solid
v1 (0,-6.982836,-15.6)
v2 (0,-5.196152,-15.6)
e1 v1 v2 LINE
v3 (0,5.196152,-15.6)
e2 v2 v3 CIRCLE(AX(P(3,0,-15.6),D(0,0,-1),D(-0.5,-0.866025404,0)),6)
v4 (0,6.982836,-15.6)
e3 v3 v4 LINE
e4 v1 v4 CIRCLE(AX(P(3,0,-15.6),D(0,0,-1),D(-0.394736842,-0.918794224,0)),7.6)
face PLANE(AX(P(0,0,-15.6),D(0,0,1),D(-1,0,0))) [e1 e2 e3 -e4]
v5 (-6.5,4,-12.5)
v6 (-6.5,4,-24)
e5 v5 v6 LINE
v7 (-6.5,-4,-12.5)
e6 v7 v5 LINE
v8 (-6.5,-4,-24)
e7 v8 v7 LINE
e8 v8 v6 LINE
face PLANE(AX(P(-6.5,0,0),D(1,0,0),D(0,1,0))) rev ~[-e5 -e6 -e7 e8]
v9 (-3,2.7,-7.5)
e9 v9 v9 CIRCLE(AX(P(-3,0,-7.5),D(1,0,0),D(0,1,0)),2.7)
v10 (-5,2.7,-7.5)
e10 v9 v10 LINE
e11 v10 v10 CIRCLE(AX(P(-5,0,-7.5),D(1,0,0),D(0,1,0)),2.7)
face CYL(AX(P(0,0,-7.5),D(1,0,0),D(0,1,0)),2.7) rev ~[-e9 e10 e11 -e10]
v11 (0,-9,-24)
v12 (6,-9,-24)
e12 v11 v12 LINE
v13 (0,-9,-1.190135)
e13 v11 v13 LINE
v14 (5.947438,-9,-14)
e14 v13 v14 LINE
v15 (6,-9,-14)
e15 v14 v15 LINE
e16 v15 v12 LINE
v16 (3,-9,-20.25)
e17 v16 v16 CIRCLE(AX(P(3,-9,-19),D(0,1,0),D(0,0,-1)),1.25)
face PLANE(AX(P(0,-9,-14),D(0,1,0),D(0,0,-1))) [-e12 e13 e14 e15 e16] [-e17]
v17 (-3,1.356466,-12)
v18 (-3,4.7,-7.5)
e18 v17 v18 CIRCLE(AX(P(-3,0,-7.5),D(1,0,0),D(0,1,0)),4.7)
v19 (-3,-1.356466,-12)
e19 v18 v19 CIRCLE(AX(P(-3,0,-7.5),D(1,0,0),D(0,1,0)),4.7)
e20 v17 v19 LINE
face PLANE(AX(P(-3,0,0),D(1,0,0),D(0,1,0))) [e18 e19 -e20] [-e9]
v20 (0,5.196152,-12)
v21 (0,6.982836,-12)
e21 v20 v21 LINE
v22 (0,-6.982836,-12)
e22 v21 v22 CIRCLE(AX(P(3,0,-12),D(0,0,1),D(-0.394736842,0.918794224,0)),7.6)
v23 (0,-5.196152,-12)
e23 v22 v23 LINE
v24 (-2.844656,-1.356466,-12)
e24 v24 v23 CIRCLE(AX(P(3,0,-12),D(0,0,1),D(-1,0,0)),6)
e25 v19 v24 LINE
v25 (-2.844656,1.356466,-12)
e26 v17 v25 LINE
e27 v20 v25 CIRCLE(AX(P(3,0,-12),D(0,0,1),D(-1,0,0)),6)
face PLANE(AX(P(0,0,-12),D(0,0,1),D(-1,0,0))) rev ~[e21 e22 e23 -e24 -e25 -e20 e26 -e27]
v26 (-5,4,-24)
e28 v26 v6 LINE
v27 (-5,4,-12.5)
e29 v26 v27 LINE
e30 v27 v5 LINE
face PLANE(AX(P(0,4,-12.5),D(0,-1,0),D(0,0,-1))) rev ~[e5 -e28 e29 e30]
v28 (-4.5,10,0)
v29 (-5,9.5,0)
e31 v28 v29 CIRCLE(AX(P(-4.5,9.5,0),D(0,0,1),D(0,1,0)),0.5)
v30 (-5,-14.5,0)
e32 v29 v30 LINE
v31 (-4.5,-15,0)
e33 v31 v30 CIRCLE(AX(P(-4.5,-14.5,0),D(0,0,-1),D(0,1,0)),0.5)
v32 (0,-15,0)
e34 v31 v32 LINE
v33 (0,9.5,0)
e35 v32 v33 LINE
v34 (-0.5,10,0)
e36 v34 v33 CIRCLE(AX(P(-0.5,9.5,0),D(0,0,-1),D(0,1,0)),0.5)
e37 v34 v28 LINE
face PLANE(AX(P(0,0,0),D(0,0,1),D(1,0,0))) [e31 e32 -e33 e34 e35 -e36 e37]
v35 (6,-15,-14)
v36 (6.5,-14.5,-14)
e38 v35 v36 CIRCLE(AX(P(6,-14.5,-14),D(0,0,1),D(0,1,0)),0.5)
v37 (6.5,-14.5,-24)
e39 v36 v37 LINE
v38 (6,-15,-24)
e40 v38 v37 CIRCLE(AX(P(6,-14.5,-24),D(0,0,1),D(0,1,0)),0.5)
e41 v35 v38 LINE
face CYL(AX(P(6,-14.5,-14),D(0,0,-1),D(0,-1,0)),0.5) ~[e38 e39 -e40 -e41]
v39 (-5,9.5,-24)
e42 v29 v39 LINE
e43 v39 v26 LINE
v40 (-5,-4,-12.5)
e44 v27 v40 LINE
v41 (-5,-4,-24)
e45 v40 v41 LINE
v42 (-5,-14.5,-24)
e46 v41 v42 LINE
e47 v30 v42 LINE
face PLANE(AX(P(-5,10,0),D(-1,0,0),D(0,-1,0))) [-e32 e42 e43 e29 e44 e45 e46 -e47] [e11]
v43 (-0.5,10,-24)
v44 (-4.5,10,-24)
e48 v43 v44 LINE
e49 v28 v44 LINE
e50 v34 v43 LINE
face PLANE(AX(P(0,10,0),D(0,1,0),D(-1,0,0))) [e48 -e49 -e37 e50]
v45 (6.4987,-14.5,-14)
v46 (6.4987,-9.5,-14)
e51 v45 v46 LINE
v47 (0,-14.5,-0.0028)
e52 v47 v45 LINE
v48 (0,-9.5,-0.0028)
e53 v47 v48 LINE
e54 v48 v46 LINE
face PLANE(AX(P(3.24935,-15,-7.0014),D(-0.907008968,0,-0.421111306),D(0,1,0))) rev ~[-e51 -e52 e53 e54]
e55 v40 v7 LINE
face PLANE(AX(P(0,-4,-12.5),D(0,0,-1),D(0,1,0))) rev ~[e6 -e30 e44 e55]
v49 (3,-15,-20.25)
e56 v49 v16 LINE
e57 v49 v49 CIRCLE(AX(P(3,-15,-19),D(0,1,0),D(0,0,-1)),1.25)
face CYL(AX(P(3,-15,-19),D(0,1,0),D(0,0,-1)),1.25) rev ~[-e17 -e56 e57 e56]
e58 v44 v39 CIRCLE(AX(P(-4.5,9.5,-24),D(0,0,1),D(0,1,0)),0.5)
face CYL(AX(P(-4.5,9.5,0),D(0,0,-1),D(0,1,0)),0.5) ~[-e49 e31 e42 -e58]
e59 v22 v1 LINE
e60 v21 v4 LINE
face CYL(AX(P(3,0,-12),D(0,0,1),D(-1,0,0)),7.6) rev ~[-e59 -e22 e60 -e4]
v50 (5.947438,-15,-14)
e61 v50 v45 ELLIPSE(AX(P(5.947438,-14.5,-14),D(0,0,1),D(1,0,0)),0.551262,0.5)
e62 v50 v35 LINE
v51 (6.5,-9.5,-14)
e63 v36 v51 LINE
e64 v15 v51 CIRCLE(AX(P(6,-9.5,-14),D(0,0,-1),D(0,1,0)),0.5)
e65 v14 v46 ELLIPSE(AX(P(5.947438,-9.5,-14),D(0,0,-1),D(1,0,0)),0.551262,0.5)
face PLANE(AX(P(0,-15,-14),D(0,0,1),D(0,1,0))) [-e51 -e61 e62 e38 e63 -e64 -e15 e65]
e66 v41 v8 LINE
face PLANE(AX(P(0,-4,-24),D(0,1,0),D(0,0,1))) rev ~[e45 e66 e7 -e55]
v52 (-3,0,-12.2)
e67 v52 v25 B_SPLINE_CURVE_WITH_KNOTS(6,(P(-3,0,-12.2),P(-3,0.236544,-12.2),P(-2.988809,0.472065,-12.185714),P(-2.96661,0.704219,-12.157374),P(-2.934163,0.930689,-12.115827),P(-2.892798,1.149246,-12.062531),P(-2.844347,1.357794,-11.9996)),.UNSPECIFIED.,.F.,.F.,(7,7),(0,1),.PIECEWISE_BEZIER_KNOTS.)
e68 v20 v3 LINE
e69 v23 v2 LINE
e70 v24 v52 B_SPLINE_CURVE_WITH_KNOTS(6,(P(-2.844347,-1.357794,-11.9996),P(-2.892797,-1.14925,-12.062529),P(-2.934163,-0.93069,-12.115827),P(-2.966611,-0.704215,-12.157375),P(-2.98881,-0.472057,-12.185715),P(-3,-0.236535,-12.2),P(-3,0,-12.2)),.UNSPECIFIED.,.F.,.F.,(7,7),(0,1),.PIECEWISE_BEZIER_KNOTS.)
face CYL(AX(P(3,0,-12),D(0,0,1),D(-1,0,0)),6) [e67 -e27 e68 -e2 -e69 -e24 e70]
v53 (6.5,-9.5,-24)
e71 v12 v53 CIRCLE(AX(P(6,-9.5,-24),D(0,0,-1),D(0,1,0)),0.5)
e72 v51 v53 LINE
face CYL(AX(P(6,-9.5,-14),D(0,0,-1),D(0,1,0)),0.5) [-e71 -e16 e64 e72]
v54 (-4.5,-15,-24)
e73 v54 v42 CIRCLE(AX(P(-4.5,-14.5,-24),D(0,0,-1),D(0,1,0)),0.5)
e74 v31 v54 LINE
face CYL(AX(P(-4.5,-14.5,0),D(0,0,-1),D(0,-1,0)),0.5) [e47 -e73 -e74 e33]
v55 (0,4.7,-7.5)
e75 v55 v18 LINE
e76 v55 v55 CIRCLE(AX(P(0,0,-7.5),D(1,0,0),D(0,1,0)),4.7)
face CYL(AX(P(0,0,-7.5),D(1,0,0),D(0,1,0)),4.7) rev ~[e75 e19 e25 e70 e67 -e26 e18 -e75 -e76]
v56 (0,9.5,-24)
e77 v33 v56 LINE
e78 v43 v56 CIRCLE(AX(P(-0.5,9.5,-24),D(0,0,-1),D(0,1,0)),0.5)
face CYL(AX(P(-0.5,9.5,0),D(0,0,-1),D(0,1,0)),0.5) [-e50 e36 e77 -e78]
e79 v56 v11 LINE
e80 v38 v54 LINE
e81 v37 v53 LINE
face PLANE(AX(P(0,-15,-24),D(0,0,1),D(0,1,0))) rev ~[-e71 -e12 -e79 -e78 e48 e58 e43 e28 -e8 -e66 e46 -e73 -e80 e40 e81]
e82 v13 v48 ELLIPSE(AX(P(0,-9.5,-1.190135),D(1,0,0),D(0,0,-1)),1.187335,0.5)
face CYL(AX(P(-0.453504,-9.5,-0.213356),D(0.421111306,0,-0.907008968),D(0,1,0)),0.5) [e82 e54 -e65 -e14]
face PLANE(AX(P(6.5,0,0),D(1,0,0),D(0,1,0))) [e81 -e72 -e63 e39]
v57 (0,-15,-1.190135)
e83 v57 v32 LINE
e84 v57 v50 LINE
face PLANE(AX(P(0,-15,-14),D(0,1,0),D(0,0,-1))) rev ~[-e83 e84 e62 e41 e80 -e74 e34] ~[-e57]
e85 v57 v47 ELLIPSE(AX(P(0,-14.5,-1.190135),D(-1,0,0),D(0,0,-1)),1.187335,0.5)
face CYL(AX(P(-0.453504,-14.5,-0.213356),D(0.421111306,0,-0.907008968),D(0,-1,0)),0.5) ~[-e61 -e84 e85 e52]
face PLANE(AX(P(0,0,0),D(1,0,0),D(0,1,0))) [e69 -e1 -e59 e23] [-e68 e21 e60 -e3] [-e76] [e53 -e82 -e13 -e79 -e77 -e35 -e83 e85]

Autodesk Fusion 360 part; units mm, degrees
sketch "スケッチ1" plane through (0, 0, 0) normal (0, 0, 1) x (1, 0, 0)
  line L0 (0, 10) -> (-5, 10)
  line L1 (-5, 10) -> (-5, -15)
  line L2 (-5, -15) -> (0, -15)
  line L3 (0, -15) -> (0, 10)
  dimension "d1" = 25
  dimension "d2" = 5
  dimension "d3" = 10
extrude "押し出し1" add sketch "スケッチ1" against normal blind 24
sketch "スケッチ2" plane through (0, 0, 0) normal (1, 0, 0) x (0, 1, 0)
  line L0 (10, 0) -> (-15, 0)
  line L1 (-15, 0) -> (-15, -24)
  line L2 (-15, -24) -> (10, -24)
  line L3 (10, -24) -> (10, 0)
  line L4 (0, 0) -> (0, -24) construction
  circle A0 centre (0, -7.5) radius 2.7
  circle A1 centre (0, -7.5) radius 4.7
  line L5 (-9, 0) -> (-9, -24)
  line L6 (-15, -14) -> (-9, -14)
  line L7 (-4, -24) -> (-4, -12.5)
  line L8 (-4, -12.5) -> (4, -12.5)
  line L9 (4, -12.5) -> (4, -24)
  dimension "d6" = 5.4
  dimension "d7" = 9.4
  dimension "d8" = 7.5
  dimension "d9" = 6
  dimension "d10" = 10
  dimension "d19" = 8
  dimension "d20" = 4
  dimension "d21" = 11.5
extrude "押し出し2" cut sketch "スケッチ2" against normal up to surface (5 mm away) contours A0
extrude "押し出し3" cut sketch "スケッチ2" against normal blind 3 contours A1
extrude "押し出し4" add sketch "スケッチ2" along normal blind 6.5 contours L1 L2 L5 L6
chamfer "面取り1" distance 14 distance2 6.5 1 edges at (0, -12, -14) measured on face at (0, 0.4504, -20.0623)
extrude "押し出し5" add sketch "スケッチ2" against normal blind 6.5 contours L2 L7 L8 L9
sketch "スケッチ3" plane through (0, 0, 0) normal (0, 0, 1) x (-1, 0, 0)
  line L0 (0, 15) -> (0, 9)
  line L1 (0, 9) -> (0, -10)
  line L2 (0, -10) -> (5, -10)
  line L3 (5, -10) -> (5, 15)
  line L4 (5, 15) -> (0, 15)
  line L5 (0, 0) -> (-3, 0) construction
  circle A0 centre (-3, 0) radius 7.6
  circle A1 centre (-3, 0) radius 6
  dimension "d24" = 3
  dimension "d25" = 15.2
  dimension "d26" = 12
extrude "押し出し6" cut sketch "スケッチ3" against normal blind 3.6 from surface at -12 contours L1 A0 A1 picked at (0.3272, 6.2175)
hole "穴1" at (3, -15, -19) direction (0, 1, 0) diameter 2.5 depth 6 tip angle 118
fillet "フィレット1" radius 0.5 7 edges at (-5, 10, -12) (0, 10, -12) (3.25, -9, -7) (6.5, -9, -19) (3.25, -15, -7) (6.5, -15, -19) (-5, -15, -12)
equation "d20 = d19 / 2"
